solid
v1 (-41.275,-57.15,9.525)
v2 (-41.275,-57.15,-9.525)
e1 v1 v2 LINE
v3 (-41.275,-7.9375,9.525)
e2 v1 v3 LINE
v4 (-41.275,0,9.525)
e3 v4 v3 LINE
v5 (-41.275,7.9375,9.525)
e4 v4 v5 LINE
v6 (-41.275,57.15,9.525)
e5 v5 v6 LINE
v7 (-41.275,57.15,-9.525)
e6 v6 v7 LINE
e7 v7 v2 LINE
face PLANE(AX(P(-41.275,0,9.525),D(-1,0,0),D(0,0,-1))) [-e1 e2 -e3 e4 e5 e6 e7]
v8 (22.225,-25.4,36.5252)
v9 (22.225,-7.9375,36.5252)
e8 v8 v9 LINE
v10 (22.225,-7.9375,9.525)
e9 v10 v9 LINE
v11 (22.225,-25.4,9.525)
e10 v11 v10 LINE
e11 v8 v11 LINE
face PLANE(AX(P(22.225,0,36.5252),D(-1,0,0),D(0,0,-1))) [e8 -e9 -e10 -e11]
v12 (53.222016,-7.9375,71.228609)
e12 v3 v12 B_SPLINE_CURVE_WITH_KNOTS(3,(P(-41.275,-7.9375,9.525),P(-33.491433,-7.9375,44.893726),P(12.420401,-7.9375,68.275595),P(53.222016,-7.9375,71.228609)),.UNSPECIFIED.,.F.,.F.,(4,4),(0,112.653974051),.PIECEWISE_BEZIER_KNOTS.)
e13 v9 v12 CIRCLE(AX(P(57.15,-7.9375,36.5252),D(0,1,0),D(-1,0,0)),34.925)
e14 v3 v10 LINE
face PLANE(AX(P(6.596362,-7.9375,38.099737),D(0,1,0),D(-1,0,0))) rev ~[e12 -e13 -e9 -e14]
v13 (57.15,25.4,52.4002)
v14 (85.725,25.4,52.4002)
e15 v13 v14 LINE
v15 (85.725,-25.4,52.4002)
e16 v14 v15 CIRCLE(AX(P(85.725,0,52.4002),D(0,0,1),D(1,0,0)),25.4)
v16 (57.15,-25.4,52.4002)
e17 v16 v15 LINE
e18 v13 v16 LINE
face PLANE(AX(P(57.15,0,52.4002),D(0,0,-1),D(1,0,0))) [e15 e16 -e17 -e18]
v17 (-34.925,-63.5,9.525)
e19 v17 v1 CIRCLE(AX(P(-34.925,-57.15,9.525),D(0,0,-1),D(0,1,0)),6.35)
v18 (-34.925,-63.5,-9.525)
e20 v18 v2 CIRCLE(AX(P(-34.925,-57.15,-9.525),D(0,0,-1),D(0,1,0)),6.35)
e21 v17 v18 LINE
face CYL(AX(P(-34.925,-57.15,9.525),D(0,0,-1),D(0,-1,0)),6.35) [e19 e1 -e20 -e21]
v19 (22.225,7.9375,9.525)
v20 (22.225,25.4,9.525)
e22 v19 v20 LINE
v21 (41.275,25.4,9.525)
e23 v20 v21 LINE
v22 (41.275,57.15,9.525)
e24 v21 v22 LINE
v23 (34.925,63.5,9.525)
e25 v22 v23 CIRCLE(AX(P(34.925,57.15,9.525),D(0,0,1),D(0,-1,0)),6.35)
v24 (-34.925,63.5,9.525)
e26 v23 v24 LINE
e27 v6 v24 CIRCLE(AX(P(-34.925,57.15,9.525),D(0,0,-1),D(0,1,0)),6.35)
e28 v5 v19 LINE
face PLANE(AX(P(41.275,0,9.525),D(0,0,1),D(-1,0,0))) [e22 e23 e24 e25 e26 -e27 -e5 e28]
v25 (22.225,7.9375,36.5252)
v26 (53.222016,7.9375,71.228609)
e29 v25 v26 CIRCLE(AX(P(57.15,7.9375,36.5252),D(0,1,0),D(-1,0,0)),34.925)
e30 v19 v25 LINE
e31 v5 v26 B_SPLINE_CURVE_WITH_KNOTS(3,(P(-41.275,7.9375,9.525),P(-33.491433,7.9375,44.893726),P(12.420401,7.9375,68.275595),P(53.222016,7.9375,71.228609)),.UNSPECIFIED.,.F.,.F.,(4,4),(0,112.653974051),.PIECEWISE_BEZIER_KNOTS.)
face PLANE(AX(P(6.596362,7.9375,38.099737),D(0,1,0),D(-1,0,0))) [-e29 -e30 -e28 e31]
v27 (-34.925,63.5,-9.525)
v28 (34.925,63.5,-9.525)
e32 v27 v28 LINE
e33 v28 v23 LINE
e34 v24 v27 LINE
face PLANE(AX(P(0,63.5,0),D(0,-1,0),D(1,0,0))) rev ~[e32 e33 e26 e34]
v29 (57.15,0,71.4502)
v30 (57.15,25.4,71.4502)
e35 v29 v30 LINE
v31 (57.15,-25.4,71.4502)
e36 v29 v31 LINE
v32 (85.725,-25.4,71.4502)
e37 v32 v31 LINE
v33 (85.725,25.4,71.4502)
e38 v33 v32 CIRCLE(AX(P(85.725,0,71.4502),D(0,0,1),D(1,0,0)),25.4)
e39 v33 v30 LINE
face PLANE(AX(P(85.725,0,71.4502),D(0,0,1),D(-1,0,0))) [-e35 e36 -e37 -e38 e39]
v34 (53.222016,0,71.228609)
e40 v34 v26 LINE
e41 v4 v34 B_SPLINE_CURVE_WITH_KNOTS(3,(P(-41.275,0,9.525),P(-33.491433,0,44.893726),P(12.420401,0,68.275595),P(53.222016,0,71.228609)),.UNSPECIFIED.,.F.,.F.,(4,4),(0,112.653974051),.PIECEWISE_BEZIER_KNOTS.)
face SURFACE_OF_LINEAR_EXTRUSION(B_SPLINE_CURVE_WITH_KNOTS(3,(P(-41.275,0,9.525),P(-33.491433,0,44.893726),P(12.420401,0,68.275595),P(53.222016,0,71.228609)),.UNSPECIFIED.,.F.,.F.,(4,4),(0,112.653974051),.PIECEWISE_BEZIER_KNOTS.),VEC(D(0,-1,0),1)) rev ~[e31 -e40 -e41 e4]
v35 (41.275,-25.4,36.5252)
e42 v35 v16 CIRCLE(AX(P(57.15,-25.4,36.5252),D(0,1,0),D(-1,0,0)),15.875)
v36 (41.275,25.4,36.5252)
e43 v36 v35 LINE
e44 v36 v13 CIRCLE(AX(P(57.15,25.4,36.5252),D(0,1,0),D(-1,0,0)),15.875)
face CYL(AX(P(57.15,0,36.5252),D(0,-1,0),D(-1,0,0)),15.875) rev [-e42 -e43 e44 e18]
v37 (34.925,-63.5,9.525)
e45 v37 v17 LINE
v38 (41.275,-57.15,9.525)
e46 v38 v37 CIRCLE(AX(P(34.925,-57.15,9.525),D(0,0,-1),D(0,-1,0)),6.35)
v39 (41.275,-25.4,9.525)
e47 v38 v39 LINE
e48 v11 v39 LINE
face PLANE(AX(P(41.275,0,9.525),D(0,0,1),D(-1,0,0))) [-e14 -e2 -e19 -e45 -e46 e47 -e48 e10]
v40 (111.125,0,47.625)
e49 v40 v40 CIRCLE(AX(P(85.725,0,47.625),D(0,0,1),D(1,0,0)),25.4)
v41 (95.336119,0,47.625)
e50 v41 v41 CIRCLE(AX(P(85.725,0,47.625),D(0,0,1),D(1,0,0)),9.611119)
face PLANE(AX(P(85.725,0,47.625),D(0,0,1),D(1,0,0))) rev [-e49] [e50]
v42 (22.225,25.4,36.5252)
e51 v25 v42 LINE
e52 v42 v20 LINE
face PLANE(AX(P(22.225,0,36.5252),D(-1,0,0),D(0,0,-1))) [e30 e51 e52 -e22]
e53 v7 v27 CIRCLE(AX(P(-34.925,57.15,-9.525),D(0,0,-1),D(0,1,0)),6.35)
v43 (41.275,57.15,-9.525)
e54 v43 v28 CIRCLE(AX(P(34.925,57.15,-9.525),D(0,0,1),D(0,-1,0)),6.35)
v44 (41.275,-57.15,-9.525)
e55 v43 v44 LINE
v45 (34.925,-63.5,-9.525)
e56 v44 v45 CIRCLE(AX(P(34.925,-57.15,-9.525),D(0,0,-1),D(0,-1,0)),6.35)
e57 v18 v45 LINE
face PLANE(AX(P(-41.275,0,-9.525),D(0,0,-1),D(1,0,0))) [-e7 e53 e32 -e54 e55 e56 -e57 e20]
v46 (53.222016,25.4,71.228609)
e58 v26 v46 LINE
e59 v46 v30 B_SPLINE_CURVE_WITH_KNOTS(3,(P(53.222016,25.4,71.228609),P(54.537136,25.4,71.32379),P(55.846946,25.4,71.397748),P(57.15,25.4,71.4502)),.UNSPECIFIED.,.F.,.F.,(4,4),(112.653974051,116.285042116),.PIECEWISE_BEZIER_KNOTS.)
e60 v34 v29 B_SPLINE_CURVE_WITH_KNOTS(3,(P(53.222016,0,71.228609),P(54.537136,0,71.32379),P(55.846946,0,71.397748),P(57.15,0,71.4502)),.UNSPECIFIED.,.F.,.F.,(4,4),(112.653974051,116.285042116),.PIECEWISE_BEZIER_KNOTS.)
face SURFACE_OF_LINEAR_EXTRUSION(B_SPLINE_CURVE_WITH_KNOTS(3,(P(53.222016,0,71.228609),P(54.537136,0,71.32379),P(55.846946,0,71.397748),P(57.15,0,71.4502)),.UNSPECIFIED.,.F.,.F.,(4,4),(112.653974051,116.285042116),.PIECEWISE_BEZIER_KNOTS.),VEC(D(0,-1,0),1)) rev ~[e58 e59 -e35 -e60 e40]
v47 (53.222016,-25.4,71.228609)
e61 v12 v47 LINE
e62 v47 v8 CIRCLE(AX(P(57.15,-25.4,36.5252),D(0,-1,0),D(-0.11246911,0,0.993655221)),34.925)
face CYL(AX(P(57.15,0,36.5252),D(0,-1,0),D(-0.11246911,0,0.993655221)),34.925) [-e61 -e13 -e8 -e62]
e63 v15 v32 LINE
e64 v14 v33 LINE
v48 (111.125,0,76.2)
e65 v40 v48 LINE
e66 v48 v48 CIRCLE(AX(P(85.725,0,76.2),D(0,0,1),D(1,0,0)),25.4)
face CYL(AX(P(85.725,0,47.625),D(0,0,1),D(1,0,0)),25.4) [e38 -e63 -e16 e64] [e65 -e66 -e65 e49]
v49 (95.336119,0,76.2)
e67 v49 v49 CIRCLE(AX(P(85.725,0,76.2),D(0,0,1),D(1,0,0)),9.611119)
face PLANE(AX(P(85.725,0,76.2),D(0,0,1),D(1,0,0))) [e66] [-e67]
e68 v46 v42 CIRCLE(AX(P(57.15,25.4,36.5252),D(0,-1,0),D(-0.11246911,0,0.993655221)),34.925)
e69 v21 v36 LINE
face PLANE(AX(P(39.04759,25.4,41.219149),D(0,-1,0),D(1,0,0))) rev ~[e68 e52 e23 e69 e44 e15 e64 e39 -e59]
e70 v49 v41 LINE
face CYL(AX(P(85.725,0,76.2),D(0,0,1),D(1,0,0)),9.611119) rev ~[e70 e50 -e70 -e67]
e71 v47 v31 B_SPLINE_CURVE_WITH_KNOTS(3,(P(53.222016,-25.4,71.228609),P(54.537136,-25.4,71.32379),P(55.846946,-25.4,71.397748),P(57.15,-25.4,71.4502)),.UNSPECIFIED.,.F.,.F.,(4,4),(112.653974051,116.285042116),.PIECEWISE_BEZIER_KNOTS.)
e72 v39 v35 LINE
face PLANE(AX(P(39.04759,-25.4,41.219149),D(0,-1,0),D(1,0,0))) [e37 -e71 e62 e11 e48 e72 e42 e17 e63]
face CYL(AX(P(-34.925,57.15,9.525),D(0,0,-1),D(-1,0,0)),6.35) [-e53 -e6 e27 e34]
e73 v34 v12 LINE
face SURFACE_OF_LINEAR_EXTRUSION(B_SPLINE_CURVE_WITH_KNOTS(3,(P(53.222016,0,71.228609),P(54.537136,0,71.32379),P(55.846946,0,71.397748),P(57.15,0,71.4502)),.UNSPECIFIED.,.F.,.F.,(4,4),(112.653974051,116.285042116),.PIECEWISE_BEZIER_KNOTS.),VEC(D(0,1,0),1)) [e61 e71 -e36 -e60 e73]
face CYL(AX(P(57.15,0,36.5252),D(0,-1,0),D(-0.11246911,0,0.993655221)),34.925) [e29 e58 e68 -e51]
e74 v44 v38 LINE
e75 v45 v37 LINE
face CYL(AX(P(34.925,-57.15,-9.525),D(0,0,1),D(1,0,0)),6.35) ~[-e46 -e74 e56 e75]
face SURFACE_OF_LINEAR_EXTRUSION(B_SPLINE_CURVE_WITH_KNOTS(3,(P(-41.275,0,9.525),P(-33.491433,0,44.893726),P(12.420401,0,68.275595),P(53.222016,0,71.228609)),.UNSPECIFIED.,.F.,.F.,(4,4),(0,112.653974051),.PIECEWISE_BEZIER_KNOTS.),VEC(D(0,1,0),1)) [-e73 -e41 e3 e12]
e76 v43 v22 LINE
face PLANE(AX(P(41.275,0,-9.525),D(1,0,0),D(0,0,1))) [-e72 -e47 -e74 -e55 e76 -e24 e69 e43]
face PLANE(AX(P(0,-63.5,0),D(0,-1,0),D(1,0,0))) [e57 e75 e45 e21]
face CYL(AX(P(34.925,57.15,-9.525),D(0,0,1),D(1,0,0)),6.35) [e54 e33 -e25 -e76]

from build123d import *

# Parameters (mm, degrees)
F1_DEPTH = 63.5
F2_DEPTH = 25.4
F3_DEPTH = 7.9375
F5_R     = 6.35
F6_R     = 9.6111188935
F7_DEPTH = 85.726


with BuildPart() as f1:
    # F0 (on Front) → F1 (new body, symmetric)
    with BuildSketch(Plane.XZ):
        Polygon((-41.275, 9.525), (-41.275, -9.525), (41.275, -9.525), (41.275, 9.525), (22.225, 9.525), align=None)
    extrude(amount=F1_DEPTH, both=True)

    # F0 (on Front) → F2 (join, symmetric)
    with BuildSketch(Plane.XZ):
        with BuildLine():
            Line((22.225, 9.525), (41.275, 9.525))
            Line((41.275, 9.525), (41.275, 36.5252))
            ThreePointArc((41.275, 36.5252), (45.9246798487, 47.7505201513), (57.15, 52.4002))
            Line((57.15, 52.4002), (60.325, 52.4002))
            Line((60.325, 52.4002), (60.325, 71.4502))
            Line((60.325, 71.4502), (57.15, 71.4502))
            add(Edge.make_bspline(
                [(53.2220163185, 71.2286086107), (54.5371358708, 71.3237902727), (55.8469463929, 71.3977482988), (57.15, 71.4502)],
                knots=[112.6539740509, 112.6539740509, 112.6539740509, 112.6539740509, 116.2850421165, 116.2850421165, 116.2850421165, 116.2850421165], degree=3))
            ThreePointArc((53.2220163185, 71.2286086107), (31.1025389426, 59.790740988), (22.225, 36.5252))
            Line((22.225, 36.5252), (22.225, 9.525))
        make_face()
        Polygon((85.725, 71.4502), (60.325, 71.4502), (60.325, 52.4002), (85.725, 52.4002), (85.725, 61.9125), align=None)
    extrude(amount=F2_DEPTH, both=True)

    # F0 (on Front) → F3 (join, symmetric)
    with BuildSketch(Plane.XZ):
        with BuildLine():
            add(Edge.make_bspline(
                [(-41.275, 9.525), (-33.4914332719, 44.8937261862), (12.4204005857, 68.2755952564), (53.2220163185, 71.2286086107)],
                knots=[0, 0, 0, 0, 112.6539740509, 112.6539740509, 112.6539740509, 112.6539740509], degree=3))
            Line((-41.275, 9.525), (22.225, 9.525))
            Line((22.225, 9.525), (22.225, 36.5252))
            ThreePointArc((22.225, 36.5252), (31.1025389426, 59.790740988), (53.2220163185, 71.2286086107))
        make_face()
    extrude(amount=F3_DEPTH, both=True)

    # F0 (on Front) → F4 (revolve)
    with BuildSketch(Plane.XZ):
        Polygon((85.725, 76.2), (85.725, 71.4502), (85.725, 61.9125), (85.725, 52.4002), (85.725, 47.625), (111.125, 47.625), (111.125, 76.2), align=None)
    revolve(axis=Axis((85.725, 0, 69.05625), (0, 0, 1)))

    # F5
    f5_edges = [f1.edges().sort_by_distance(p)[0] for p in [
        (41.275, -63.5, 0),
        (-41.275, -63.5, 0),
        (41.275, 63.5, 0),
        (-41.275, 63.5, 0),
    ]]
    fillet(f5_edges, radius=F5_R)

    # F6 (on face) → F7 (cut, through all)
    with BuildSketch(Plane.XY.offset(76.2)):
        with Locations((85.725, 0)):
            Circle(F6_R)
    extrude(amount=-F7_DEPTH, mode=Mode.SUBTRACT)


solid = f1.part
